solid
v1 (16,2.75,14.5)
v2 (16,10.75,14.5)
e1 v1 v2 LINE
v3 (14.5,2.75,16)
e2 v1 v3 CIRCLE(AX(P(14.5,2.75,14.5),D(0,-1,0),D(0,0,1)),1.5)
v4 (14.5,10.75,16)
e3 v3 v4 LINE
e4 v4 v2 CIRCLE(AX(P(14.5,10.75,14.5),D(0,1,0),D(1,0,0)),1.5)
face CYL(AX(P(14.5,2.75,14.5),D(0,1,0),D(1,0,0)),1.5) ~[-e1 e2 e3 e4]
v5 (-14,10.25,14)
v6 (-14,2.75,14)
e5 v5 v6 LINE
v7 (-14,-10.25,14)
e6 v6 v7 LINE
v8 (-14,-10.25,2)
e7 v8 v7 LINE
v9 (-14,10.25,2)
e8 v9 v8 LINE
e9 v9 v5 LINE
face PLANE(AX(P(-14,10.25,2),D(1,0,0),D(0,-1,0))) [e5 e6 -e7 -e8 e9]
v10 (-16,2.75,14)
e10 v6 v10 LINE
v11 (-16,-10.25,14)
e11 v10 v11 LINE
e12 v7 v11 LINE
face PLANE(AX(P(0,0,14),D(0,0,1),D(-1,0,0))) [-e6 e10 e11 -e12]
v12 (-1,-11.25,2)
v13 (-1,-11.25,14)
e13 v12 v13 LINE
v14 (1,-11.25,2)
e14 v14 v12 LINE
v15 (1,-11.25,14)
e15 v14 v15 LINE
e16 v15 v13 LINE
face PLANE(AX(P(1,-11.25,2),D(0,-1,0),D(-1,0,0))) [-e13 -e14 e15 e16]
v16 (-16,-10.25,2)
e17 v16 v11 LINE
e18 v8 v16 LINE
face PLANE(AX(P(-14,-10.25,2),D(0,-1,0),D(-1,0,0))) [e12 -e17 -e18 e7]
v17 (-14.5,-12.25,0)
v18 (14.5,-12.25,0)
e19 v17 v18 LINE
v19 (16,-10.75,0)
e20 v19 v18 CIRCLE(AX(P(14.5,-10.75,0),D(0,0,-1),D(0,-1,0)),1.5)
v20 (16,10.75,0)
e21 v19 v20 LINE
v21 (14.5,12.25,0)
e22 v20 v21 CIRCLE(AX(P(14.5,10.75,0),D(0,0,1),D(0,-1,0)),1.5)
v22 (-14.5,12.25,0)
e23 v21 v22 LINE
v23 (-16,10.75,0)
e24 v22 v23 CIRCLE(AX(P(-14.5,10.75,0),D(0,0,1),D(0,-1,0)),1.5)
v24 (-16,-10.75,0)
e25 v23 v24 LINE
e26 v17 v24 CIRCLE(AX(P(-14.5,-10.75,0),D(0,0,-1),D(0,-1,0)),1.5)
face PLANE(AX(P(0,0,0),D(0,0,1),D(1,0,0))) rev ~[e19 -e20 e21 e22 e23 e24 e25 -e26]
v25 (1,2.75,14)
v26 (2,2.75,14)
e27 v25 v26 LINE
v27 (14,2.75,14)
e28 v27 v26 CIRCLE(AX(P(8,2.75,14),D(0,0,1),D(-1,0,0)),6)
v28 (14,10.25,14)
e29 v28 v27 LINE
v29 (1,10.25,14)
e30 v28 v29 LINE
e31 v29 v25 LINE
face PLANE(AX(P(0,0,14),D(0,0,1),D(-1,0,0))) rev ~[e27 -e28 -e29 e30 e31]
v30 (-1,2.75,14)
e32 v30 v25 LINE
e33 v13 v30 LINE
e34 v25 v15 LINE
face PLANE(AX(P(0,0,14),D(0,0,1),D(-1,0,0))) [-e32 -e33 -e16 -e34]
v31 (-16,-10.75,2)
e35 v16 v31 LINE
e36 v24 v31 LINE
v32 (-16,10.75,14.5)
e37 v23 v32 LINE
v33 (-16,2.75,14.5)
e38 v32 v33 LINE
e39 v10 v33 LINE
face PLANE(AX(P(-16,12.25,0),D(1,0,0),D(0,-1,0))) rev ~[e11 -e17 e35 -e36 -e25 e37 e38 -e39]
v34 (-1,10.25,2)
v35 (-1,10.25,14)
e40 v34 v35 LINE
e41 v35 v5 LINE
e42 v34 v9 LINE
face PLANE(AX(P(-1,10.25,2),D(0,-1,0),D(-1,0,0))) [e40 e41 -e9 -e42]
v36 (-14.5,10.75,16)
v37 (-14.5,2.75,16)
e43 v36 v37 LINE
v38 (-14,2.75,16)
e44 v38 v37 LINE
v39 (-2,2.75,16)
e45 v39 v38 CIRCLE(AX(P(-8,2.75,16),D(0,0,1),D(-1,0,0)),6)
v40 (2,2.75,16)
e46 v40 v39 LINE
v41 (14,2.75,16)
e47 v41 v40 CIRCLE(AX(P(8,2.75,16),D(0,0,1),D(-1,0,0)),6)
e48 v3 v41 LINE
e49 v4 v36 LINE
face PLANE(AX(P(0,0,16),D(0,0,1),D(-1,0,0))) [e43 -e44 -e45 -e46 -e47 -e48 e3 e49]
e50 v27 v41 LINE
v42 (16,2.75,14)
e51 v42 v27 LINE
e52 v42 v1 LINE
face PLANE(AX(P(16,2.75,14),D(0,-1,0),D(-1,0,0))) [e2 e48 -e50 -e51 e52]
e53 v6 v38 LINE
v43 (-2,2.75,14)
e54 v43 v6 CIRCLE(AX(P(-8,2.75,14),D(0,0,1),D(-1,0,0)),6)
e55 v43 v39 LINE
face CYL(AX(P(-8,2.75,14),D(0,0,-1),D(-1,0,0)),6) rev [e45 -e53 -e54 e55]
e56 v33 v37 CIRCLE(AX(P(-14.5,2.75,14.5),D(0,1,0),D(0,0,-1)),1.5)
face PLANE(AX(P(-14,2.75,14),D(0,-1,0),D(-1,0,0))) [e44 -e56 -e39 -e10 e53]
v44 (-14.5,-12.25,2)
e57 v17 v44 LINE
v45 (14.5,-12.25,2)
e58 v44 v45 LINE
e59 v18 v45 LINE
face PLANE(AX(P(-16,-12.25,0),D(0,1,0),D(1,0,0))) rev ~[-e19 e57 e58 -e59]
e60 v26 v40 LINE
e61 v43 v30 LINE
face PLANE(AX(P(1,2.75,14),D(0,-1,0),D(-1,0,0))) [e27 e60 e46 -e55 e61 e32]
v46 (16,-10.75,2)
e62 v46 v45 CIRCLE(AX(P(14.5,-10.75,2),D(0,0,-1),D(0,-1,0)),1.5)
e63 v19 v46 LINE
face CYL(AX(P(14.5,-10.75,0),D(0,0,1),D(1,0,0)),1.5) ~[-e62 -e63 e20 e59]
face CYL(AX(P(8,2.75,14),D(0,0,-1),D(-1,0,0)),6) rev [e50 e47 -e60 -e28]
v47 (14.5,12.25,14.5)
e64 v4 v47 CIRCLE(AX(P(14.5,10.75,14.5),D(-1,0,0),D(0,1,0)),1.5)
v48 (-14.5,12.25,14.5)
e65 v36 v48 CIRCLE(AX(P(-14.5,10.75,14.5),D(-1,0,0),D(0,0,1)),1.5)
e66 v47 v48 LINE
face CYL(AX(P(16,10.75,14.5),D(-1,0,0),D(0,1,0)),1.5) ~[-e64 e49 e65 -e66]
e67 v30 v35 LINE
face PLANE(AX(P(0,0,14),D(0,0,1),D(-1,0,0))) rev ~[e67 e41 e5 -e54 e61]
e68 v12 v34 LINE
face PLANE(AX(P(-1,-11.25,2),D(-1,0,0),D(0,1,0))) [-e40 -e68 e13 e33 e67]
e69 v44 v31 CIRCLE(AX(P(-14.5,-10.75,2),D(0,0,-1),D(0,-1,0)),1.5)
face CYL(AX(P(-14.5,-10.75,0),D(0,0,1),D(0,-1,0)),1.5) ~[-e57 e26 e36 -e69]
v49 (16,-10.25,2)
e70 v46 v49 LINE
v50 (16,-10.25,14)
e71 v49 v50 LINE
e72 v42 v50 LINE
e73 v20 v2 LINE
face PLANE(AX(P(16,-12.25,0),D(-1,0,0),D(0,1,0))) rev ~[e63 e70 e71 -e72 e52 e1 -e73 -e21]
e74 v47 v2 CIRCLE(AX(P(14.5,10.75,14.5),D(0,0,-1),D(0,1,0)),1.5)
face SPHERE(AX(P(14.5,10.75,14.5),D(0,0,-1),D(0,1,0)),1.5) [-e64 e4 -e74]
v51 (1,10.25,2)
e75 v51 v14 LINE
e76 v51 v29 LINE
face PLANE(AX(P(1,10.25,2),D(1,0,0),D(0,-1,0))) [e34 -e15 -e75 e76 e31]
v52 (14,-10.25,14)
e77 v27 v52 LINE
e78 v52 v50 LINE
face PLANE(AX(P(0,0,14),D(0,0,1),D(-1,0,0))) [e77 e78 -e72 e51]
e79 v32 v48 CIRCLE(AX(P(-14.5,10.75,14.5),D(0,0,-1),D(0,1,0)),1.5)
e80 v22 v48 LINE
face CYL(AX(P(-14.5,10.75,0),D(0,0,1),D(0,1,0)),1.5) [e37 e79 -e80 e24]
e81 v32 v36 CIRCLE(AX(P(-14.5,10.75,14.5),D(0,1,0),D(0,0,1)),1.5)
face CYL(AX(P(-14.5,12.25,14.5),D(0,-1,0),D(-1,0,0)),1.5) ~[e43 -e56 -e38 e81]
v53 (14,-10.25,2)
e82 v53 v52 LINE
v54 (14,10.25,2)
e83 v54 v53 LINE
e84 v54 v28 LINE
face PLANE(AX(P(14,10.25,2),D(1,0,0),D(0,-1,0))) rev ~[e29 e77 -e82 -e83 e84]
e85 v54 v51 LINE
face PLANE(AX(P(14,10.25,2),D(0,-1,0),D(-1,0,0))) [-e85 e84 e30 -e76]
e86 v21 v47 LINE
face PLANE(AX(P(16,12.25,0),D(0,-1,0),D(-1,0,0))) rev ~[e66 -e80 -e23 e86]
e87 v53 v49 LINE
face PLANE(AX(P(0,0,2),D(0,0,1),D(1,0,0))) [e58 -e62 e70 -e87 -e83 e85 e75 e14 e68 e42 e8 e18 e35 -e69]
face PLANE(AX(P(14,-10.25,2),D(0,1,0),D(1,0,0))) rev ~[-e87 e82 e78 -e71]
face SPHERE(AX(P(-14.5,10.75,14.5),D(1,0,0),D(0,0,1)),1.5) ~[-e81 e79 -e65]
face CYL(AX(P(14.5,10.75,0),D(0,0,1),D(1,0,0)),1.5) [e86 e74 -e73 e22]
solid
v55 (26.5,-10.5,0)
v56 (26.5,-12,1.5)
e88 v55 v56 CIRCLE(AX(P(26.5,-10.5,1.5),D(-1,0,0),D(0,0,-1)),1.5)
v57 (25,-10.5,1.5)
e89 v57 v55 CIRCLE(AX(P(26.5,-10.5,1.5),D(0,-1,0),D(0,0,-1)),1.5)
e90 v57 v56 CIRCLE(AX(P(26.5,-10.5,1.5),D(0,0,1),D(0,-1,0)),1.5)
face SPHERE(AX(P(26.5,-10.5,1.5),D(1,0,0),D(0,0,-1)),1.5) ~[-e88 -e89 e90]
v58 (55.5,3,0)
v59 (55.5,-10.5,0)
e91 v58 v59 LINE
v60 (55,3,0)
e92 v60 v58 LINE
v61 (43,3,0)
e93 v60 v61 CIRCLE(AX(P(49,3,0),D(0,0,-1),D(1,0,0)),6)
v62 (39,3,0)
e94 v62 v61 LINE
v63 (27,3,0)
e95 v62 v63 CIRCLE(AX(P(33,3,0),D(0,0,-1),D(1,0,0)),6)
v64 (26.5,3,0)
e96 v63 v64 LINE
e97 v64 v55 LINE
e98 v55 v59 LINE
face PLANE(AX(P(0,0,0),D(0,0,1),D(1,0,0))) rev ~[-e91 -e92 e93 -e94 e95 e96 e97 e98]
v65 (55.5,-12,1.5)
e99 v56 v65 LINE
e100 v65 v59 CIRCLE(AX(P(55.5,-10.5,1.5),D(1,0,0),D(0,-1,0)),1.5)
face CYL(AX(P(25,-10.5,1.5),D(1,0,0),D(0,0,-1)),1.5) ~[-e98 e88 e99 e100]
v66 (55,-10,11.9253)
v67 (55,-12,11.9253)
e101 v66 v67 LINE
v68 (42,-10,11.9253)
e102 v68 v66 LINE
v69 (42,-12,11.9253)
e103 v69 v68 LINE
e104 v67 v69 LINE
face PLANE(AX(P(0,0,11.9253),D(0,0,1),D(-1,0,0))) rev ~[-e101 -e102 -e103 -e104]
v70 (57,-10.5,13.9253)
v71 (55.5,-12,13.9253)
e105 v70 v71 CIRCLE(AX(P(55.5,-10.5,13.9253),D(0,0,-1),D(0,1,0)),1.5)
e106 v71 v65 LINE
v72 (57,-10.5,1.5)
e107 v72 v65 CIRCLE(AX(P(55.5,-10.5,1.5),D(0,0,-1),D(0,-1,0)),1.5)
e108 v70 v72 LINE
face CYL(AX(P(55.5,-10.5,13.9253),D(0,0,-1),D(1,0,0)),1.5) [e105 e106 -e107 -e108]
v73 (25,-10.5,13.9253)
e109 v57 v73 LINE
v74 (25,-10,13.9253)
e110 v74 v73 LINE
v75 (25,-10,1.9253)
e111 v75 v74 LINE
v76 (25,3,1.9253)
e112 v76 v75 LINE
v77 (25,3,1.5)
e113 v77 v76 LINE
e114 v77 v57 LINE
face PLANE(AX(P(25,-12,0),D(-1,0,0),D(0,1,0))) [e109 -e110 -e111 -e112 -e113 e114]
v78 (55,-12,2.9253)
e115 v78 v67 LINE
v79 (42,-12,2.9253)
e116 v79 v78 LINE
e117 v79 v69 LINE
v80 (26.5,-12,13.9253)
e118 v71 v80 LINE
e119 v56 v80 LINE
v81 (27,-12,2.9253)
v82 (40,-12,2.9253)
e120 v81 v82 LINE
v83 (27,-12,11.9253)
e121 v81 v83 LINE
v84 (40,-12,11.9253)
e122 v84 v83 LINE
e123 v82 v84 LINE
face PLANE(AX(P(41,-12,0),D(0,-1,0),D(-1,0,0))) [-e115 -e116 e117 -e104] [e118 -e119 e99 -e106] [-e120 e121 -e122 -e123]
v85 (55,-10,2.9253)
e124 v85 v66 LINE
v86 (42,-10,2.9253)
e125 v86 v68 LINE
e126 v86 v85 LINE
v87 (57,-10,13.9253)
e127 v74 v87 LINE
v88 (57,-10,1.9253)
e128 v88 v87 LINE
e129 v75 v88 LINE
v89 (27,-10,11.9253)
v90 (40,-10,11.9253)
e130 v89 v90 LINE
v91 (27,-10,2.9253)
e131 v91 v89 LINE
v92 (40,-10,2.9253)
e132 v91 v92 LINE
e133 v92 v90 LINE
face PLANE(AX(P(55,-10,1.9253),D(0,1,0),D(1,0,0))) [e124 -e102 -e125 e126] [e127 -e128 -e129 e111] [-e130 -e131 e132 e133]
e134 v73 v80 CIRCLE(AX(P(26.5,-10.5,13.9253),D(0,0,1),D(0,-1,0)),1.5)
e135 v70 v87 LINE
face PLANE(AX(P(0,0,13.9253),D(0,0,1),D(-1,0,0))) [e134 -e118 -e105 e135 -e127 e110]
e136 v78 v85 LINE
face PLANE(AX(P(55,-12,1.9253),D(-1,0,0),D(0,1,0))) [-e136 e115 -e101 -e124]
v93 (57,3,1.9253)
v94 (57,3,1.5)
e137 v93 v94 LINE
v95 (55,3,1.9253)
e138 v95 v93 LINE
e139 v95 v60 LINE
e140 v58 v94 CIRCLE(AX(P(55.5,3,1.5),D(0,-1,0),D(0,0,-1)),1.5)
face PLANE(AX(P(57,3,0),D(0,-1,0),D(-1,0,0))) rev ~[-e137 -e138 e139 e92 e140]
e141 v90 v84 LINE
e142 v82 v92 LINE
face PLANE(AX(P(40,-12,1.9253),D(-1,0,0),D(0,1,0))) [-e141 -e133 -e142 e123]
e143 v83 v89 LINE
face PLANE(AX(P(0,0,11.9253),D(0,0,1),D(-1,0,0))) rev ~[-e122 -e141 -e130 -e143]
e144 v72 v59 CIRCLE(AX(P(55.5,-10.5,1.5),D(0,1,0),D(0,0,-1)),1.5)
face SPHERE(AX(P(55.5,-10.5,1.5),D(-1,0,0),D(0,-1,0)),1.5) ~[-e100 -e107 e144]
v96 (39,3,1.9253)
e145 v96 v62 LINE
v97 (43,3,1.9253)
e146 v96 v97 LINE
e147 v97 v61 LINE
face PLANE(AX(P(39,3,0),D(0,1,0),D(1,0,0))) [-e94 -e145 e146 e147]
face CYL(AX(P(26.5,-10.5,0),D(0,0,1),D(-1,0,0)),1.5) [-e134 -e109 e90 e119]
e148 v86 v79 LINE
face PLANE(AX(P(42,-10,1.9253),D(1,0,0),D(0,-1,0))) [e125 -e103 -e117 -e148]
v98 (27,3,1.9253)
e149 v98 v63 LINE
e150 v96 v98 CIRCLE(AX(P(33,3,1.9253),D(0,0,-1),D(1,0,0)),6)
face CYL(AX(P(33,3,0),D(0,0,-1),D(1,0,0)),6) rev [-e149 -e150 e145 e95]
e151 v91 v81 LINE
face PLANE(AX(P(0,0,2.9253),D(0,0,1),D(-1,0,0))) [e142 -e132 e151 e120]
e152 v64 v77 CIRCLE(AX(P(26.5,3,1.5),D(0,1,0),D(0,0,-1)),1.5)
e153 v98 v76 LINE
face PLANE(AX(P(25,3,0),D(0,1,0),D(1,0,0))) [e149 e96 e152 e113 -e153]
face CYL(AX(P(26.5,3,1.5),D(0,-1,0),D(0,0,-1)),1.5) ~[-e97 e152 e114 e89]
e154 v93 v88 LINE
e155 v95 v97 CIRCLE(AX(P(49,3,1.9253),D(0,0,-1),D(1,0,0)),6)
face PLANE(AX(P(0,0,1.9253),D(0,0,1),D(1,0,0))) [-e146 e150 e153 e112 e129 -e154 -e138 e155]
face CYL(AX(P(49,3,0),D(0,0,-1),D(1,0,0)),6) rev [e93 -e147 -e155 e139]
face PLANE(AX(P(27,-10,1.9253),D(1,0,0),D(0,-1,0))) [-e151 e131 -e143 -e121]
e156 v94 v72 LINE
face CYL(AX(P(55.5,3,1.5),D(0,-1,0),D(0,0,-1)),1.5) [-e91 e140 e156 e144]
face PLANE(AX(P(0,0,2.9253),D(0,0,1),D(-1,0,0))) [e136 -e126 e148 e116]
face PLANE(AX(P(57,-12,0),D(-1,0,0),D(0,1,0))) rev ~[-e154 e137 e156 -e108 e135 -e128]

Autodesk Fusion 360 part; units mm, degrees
sketch "Sketch1" plane through (0, 0, 0) normal (0, 0, 1) x (1, 0, 0)
  line L0 (16, 12.25) -> (-16, 12.25)
  line L1 (-16, 12.25) -> (-16, -12.25)
  line L2 (-16, -12.25) -> (16, -12.25)
  line L3 (16, -12.25) -> (16, 12.25)
  line L4 (16, 12.25) -> (-16, -12.25) construction
  line L5 (-16, 12.25) -> (16, -12.25) construction
  dimension "d1" = 32
  dimension "d2" = 24.5
extrude "Extrude1" add sketch "Sketch1" along normal blind 2 makes body 1
sketch "Sketch3" plane through (0, 0, 2) normal (0, 0, 1) x (-1, 0, 0)
  line L0 (-16, 12.25) -> (-16, -12.25)
  line L1 (-16, -12.25) -> (16, -12.25)
  line L2 (16, -12.25) -> (16, 12.25)
  line L3 (16, 12.25) -> (-16, 12.25)
  line L4 (16, -12.25) -> (14, -12.25)
  line L5 (14, -12.25) -> (14, 10.25)
  line L6 (14, 10.25) -> (16, 10.25)
  line L7 (16, 10.25) -> (16, -12.25)
  line L8 (16, -12.25) -> (-16, -12.25)
  line L9 (-16, -12.25) -> (-16, -10.25)
  line L10 (-16, -10.25) -> (16, -10.25)
  line L11 (16, -10.25) -> (16, -12.25)
  line L12 (-16, -12.25) -> (-14, -12.25)
  line L13 (-14, -12.25) -> (-14, 10.25)
  line L14 (-14, 10.25) -> (-16, 10.25)
  line L15 (-16, 10.25) -> (-16, -12.25)
  line L16 (1, -11.25) -> (-1, -11.25)
  line L17 (-1, -11.25) -> (-1, 11.25)
  line L18 (-1, 11.25) -> (1, 11.25)
  line L19 (1, 11.25) -> (1, -11.25)
  line L20 (1, -11.25) -> (-1, 11.25) construction
  line L21 (-1, -11.25) -> (1, 11.25) construction
  dimension "d5" = 2
  dimension "d6" = 2
  dimension "d7" = 2
  dimension "d8" = 20.5
  dimension "d9" = 20.5
  dimension "d25" = 2
  dimension "d40" = 21.5
extrude "Extrude2" add sketch "Sketch3" along normal blind 12 contours L0 L10 L13 L14 L15 | L0 L1 L8 L9 L10 L12 L13 L15 | L2 L5 L6 L7 L10 | L1 L5 L8 L10 L13 L16 L17 L19 | L1 L2 L4 L5 L7 L8 L10 L11 | L10 L17 L18 L19 | L10 L16 L17 L19 bodies 1
sketch "Sketch4" plane through (0, 0, 14) normal (0, 0, 1) x (-1, 0, 0)
  line L0 (-14, -10.25) -> (-14, 10.25)
  line L1 (-14, 10.25) -> (-16, 10.25)
  line L2 (-16, 10.25) -> (-16, -12.25)
  line L3 (-16, -12.25) -> (16, -12.25)
  line L4 (16, -12.25) -> (16, 10.25)
  line L5 (16, 10.25) -> (14, 10.25)
  line L6 (14, 10.25) -> (14, -10.25)
  line L7 (14, -10.25) -> (1, -10.25)
  line L8 (16, -12.25) -> (-16, -12.25)
  line L9 (-16, -12.25) -> (-16, -2.75)
  line L10 (-16, -2.75) -> (16, -2.75)
  line L11 (16, -2.75) -> (16, -12.25)
  line L12 (1, -10.25) -> (1, 11.25)
  line L13 (1, 11.25) -> (-1, 11.25)
  line L14 (-1, 11.25) -> (-1, -10.25)
  line L15 (-1, -10.25) -> (-14, -10.25)
  circle A0 centre (8, -2.75) radius 6
  circle A1 centre (-8, -2.75) radius 6
  point P0 (8, -2.75)
  point P1 (-8, -2.75)
  dimension "d12" = 9.5
  dimension "d26" = 9.5
  dimension "d27" = 8
  dimension "d28" = 12
  dimension "d29" = 9.5
  dimension "d30" = 8
  dimension "d31" = 12
extrude "Extrude3" add sketch "Sketch4" along normal blind 2 contours L0 L2 L3 L4 L6 L7 L8 L9 L10 L11 L12 L14 L15 | L0 L10 L14 L15 A1 | L6 L7 L10 L12 A0 bodies 1
sketch "Sketch6" plane through (0, 0, 0) normal (0, 0, 1) x (1, 0, 0)
  line L0 (25, 3) -> (41, 3)
  line L1 (41, 3) -> (41, -12)
  line L2 (41, -12) -> (25, -12)
  line L3 (25, -12) -> (25, 3)
  circle A0 centre (33, 3) radius 6
  line L4 (57, -12) -> (57, 3)
  line L5 (41, -12) -> (57, -12)
  line L6 (57, 3) -> (41, 3)
  circle A1 centre (49, 3) radius 6
  line L7 (41, 3) -> (41, -12)
  point P0 (33, 3)
  point P1 (33, 3)
  point P2 (49, 3)
  point P3 (49, 3)
  dimension "d32" = 16
  dimension "d35" = 8
  dimension "d36" = 12
  dimension "d39" = 15
extrude "Extrude4" add sketch "Sketch6" along normal blind 2 separate body contours L0 L1 L2 L3 A0 L7 | L1 L4 L5 L6 A1 L7 makes body 2
move_face "MoveFace1" by (-4.6593, -0.2769, -0.0747) 1 faces at (42.936, -8.8617, 2) on bodies 2
sketch "Sketch7" plane through (0, 0, 1.9253) normal (0, 0, 1) x (-1, 0, 0)
  line L0 (-25, 12) -> (-57, 12)
  line L1 (-57, 12) -> (-57, -3)
  line L2 (-57, -3) -> (-55, -3)
  arc A0 (-43, -3) -> (-55, -3) centre (-49, -3) ccw
  line L3 (-43, -3) -> (-39, -3)
  arc A1 (-27, -3) -> (-39, -3) centre (-33, -3) ccw
  line L4 (-27, -3) -> (-25, -3)
  line L5 (-25, -3) -> (-25, 12)
  line L6 (-25, 10) -> (-57, 10)
  line L7 (-57, 10) -> (-57, 12)
  line L8 (-57, 12) -> (-25, 12)
  line L9 (-25, 12) -> (-25, 10)
  line L10 (-40, -3) -> (-42, -3)
  line L11 (-42, -3) -> (-42, 12)
  line L12 (-42, 12) -> (-40, 12)
  line L13 (-40, 12) -> (-40, -3)
  line L14 (-25, -3) -> (-27, -3)
  line L15 (-27, -3) -> (-27, 12)
  line L16 (-27, 12) -> (-25, 12)
  line L17 (-25, 12) -> (-25, -3)
  line L18 (-55, -3) -> (-57, -3)
  line L19 (-57, -3) -> (-57, 12)
  line L20 (-57, 12) -> (-55, 12)
  line L21 (-55, 12) -> (-55, -3)
  dimension "d59" = 2
extrude "Extrude5" add sketch "Sketch7" along normal blind 1 contours L0 L6 L8 L13 L15 | L0 L6 L8 L11 L21 bodies 2
extrude "Extrude6" add sketch "Sketch7" along normal blind 12 contours L0 L5 L6 L8 L9 L15 L16 L17 | L0 L6 L8 L11 L12 L13 | L0 L1 L6 L7 L8 L19 L20 L21 bodies 2
sketch "Sketch9" plane through (0, 0, 13.9253) normal (0, 0, 1) x (-1, 0, 0)
  line L0 (-25, 12) -> (-27, 12)
  line L1 (-27, 12) -> (-27, 10)
  line L2 (-27, 10) -> (-25, 10)
  line L3 (-25, 10) -> (-25, 12)
  line L4 (-27, 10) -> (-40, 10)
  line L5 (-40, 10) -> (-40, 12)
  line L6 (-40, 12) -> (-27, 12)
  line L7 (-27, 12) -> (-27, 10)
  line L8 (-55, 12) -> (-42, 12)
  line L9 (-42, 12) -> (-42, 10)
  line L10 (-42, 10) -> (-55, 10)
  line L11 (-55, 10) -> (-55, 12)
extrude "Extrude7" add sketch "Sketch9" against normal blind 2 contours L1 L4 L5 L6 L7 | L8 L9 L10 L11 bodies 2
fillet "Fillet7" radius 1.5 5 edges at (41, -12, 0) (57, -12, 6.9627) (57, -4.5, 0) (25, -4.5, 0) (25, -12, 6.9627) on bodies 2
fillet "Fillet1" radius 1.5 7 edges at (16, 12.25, 8) (0, 12.25, 16) (16, 7.5, 16) (-16, 7.5, 16) (-16, 12.25, 8) (-16, -12.25, 1) (16, -12.25, 1) on bodies 1
